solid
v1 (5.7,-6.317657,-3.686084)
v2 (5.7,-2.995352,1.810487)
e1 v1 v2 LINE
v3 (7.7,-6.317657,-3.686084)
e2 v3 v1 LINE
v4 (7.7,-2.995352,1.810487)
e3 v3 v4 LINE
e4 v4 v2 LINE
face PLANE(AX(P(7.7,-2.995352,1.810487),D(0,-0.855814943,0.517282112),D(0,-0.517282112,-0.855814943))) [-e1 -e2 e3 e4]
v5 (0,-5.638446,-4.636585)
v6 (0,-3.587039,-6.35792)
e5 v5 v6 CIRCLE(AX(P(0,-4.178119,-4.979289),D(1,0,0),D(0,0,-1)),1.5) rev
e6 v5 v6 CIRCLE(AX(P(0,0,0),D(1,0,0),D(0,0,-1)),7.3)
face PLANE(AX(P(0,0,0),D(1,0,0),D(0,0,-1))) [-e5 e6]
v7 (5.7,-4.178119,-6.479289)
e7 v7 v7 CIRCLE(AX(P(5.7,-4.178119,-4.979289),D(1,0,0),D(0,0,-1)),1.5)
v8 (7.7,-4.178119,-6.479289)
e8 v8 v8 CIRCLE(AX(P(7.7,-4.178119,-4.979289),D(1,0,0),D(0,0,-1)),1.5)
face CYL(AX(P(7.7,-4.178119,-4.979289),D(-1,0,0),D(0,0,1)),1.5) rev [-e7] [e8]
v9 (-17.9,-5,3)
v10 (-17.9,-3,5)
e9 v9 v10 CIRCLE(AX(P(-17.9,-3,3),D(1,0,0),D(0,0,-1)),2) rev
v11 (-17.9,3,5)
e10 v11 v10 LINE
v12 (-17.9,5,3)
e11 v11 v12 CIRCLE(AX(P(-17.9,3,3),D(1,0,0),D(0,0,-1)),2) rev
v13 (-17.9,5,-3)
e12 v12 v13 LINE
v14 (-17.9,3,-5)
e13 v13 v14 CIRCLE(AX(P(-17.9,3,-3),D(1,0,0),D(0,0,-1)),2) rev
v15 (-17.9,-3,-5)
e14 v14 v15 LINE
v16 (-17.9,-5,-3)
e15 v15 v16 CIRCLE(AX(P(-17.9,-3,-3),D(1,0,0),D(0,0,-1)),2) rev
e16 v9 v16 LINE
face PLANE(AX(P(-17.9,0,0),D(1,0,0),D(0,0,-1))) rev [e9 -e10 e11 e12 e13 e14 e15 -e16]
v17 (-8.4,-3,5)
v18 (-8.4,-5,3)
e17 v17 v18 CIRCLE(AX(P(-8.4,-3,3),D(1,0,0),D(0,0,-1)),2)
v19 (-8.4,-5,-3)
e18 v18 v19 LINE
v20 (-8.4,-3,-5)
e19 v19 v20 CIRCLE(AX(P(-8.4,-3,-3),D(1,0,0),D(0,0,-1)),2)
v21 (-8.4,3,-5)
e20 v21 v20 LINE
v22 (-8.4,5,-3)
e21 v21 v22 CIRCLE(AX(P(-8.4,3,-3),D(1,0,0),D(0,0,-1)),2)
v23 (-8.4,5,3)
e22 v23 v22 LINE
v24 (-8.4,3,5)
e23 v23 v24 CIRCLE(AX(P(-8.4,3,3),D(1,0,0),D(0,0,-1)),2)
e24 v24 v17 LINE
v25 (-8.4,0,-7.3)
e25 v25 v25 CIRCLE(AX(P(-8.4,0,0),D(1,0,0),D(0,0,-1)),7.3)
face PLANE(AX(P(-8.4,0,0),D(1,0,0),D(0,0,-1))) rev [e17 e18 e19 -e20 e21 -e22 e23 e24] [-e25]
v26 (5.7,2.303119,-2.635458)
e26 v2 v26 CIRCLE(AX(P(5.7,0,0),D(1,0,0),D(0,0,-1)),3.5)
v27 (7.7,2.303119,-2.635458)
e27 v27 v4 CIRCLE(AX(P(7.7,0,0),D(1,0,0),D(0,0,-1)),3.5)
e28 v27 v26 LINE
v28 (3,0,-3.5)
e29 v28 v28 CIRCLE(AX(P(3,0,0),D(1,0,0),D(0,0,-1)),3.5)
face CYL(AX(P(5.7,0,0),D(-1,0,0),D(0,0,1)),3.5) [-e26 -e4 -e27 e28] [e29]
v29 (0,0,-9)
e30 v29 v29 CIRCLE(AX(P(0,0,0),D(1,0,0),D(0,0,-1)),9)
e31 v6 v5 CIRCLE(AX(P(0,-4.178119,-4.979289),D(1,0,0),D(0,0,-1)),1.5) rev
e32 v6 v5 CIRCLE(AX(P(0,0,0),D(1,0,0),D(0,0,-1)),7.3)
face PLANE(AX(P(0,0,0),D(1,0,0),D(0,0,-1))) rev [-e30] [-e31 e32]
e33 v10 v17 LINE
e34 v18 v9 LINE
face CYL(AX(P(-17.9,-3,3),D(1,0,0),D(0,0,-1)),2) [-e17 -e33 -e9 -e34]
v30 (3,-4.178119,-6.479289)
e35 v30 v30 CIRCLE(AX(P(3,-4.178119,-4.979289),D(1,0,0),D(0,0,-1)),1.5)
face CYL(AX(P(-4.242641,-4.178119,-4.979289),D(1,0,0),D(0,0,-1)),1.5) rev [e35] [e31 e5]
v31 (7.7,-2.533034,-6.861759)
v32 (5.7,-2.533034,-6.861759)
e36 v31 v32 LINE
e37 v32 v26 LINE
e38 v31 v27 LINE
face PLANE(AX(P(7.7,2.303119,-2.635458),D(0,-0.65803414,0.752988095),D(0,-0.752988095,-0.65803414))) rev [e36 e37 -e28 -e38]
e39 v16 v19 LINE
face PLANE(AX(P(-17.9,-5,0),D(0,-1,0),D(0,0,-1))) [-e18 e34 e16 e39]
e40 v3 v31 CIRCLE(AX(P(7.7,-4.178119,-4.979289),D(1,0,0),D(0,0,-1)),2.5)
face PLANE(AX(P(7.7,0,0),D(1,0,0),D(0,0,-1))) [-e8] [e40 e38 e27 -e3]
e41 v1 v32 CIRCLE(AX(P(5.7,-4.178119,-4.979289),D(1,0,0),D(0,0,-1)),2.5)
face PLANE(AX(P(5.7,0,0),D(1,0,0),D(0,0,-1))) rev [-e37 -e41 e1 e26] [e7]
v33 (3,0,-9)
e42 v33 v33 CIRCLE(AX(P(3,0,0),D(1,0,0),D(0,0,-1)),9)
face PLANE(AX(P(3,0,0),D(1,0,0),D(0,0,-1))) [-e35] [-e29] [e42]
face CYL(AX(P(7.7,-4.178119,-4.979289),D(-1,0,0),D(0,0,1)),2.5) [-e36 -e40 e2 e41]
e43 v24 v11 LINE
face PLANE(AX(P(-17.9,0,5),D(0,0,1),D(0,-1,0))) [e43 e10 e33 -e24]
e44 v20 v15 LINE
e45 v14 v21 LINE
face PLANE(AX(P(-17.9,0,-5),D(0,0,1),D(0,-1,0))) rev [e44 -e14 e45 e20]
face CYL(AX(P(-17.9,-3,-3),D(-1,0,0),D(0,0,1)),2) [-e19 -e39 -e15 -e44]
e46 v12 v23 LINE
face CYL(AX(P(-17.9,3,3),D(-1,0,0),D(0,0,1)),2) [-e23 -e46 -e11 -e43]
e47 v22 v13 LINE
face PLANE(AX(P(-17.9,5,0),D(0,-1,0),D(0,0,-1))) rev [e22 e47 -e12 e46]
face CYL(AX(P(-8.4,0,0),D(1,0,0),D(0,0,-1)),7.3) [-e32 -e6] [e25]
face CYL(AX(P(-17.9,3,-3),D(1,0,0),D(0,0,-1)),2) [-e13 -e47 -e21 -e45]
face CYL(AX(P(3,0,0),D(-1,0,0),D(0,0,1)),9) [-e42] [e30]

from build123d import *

# Parameters (mm, degrees)
SKETCH2_R           = 9
BOSS_EXTRUDE1_DEPTH = 3
SKETCH2_4_R         = 7.3
BOSS_EXTRUDE2_DEPTH = 8.4
BOSS_EXTRUDE3_START = -8.4
SKETCH2_6_W         = 10
SKETCH2_6_H         = 10
BOSS_EXTRUDE3_DEPTH = 9.5
BOSS_EXTRUDE6_START = 3
SKETCH6_R           = 3.5
BOSS_EXTRUDE6_DEPTH = 2.7
BOSS_EXTRUDE7_START = 5.7
BOSS_EXTRUDE7_DEPTH = 2
CUT_EXTRUDE1_DEPTH  = 3
FILLET1_R           = 2


with BuildPart() as part:
    # Sketch2 → Boss-Extrude1 (new body)
    with BuildSketch(Plane(origin=(0, 0, 0), x_dir=(0, 0, -1), z_dir=(1, 0, 0))):
        Circle(SKETCH2_R)
    extrude(amount=BOSS_EXTRUDE1_DEPTH)

    # Sketch2<4> → Boss-Extrude2 (add)
    with BuildSketch(Plane(origin=(0, 0, 0), x_dir=(0, 0, -1), z_dir=(1, 0, 0))):
        Circle(SKETCH2_4_R)
    extrude(amount=-BOSS_EXTRUDE2_DEPTH)

    # Sketch2<6> → Boss-Extrude3 (add)
    with BuildSketch(Plane(origin=(0, 0, 0), x_dir=(0, 0, -1), z_dir=(1, 0, 0)).offset(BOSS_EXTRUDE3_START)):
        Rectangle(SKETCH2_6_W, SKETCH2_6_H)
    extrude(amount=-BOSS_EXTRUDE3_DEPTH)

    # Sketch6 → Boss-Extrude6 (add)
    with BuildSketch(Plane(origin=(0, 0, 0), x_dir=(0, 0, -1), z_dir=(1, 0, 0)).offset(BOSS_EXTRUDE6_START)):
        with Locations(Location((0, 0, 0), (0, 0, 180))):
            Circle(SKETCH6_R)
    extrude(amount=BOSS_EXTRUDE6_DEPTH)

    # Sketch6<4> → Boss-Extrude7 (add)
    with BuildSketch(Plane(origin=(0, 0, 0), x_dir=(0, 0, -1), z_dir=(1, 0, 0)).offset(BOSS_EXTRUDE7_START)):
        with BuildLine():
            ThreePointArc((6.861759117, -2.533034113), (4.954197643, -1.67824538), (3.064177772, -2.571150439))
            Line((3.064177772, -2.571150439), (3.830222216, -3.213938048))
            ThreePointArc((3.830222216, -3.213938048), (5.492319095, -2.768580532), (6.47928888, -4.178119463))
            ThreePointArc((6.47928888, -4.178119463), (6.388827811, -4.691149678), (6.128355545, -5.142300877))
            Line((6.128355545, -5.142300877), (6.894399988, -5.785088487))
            ThreePointArc((6.894399991, -5.785088484), (7.328520433, -5.033169819), (7.47928888, -4.178119463))
            ThreePointArc((7.47928888, -4.178119463), (7.3198204, -3.29953412), (6.861759117, -2.533034113))
        make_face()
        with BuildLine():
            Line((3.830222216, -3.213938048), (3.064177772, -2.571150439))
            ThreePointArc((3.064177772, -2.571150439), (2.513036454, -4.587507997), (3.6860836, -6.31765682))
            ThreePointArc((3.6860836, -6.31765682), (5.388677416, -6.644371889), (6.894399991, -5.785088484))
            Line((6.894399988, -5.785088487), (6.128355545, -5.142300877))
            ThreePointArc((6.128355545, -5.142300877), (4.015107466, -5.327186128), (3.830222216, -3.213938048))
        make_face()
        with BuildLine():
            ThreePointArc((3.5, 0), (3.288924173, -1.197070502), (2.681155551, -2.249756634))
            Line((2.681155551, -2.249756634), (3.064177772, -2.571150439))
            ThreePointArc((3.064177772, -2.571150439), (4.954197643, -1.67824538), (6.861759117, -2.533034113))
            Line((6.861759117, -2.533034113), (2.635458332, 2.303119489))
            ThreePointArc((2.635458332, 2.303119489), (3.276744128, 1.230019479), (3.5, 0))
        make_face()
        with BuildLine():
            Line((3.064177772, -2.571150439), (2.681155551, -2.249756634))
            ThreePointArc((2.681155551, -2.249756634), (1.479163916, -3.172077255), (0, -3.5))
            Line((0, -3.5), (0, -4.089669185))
            Line((0, -4.089669185), (3.6860836, -6.31765682))
            ThreePointArc((3.6860836, -6.31765682), (2.513036454, -4.587507997), (3.064177772, -2.571150439))
        make_face()
        with BuildLine():
            Line((0, -3.5), (0, 0))
            Line((0, 0), (2.681155551, -2.249756634))
            ThreePointArc((2.681155551, -2.249756634), (3.288924173, -1.197070502), (3.5, 0))
            ThreePointArc((3.5, 0), (3.276744128, 1.230019479), (2.635458332, 2.303119489))
            ThreePointArc((2.635458332, 2.303119489), (-2.681155551, 2.249756634), (-1.810487393, -2.9953523))
            ThreePointArc((-1.810487393, -2.9953523), (-0.939751816, -3.371478389), (0, -3.5))
        make_face()
        with BuildLine():
            Line((2.681155551, -2.249756634), (0, 0))
            Line((0, 0), (0, -3.5))
            ThreePointArc((0, -3.5), (1.479163916, -3.172077255), (2.681155551, -2.249756634))
        make_face()
        with BuildLine():
            Line((0, -4.089669185), (0, -3.5))
            ThreePointArc((0, -3.5), (-0.939751816, -3.371478389), (-1.810487393, -2.9953523))
            Line((-1.810487393, -2.9953523), (0, -4.089669185))
        make_face()
    extrude(amount=BOSS_EXTRUDE7_DEPTH)

    # Sketch6<5> → Cut-Extrude1 (cut)
    with BuildSketch(Plane(origin=(0, 0, 0), x_dir=(0, 0, -1), z_dir=(1, 0, 0))):
        with BuildLine():
            ThreePointArc((6.47928888, -4.178119463), (5.492319095, -2.768580532), (3.830222216, -3.213938048))
            Line((3.830222216, -3.213938048), (6.128355545, -5.142300877))
            ThreePointArc((6.128355545, -5.142300877), (6.388827811, -4.691149678), (6.47928888, -4.178119463))
        make_face()
        with BuildLine():
            Line((6.128355545, -5.142300877), (3.830222216, -3.213938048))
            ThreePointArc((3.830222216, -3.213938048), (4.015107466, -5.327186128), (6.128355545, -5.142300877))
        make_face()
    extrude(amount=CUT_EXTRUDE1_DEPTH, mode=Mode.SUBTRACT)

    # Fillet1
    fillet1_edges = [part.edges().sort_by_distance(p)[0] for p in [
        (-13.15, -5, 5),
        (-13.15, 5, 5),
        (-13.15, 5, -5),
        (-13.15, -5, -5),
    ]]
    fillet(fillet1_edges, radius=FILLET1_R)


solid = part.part
